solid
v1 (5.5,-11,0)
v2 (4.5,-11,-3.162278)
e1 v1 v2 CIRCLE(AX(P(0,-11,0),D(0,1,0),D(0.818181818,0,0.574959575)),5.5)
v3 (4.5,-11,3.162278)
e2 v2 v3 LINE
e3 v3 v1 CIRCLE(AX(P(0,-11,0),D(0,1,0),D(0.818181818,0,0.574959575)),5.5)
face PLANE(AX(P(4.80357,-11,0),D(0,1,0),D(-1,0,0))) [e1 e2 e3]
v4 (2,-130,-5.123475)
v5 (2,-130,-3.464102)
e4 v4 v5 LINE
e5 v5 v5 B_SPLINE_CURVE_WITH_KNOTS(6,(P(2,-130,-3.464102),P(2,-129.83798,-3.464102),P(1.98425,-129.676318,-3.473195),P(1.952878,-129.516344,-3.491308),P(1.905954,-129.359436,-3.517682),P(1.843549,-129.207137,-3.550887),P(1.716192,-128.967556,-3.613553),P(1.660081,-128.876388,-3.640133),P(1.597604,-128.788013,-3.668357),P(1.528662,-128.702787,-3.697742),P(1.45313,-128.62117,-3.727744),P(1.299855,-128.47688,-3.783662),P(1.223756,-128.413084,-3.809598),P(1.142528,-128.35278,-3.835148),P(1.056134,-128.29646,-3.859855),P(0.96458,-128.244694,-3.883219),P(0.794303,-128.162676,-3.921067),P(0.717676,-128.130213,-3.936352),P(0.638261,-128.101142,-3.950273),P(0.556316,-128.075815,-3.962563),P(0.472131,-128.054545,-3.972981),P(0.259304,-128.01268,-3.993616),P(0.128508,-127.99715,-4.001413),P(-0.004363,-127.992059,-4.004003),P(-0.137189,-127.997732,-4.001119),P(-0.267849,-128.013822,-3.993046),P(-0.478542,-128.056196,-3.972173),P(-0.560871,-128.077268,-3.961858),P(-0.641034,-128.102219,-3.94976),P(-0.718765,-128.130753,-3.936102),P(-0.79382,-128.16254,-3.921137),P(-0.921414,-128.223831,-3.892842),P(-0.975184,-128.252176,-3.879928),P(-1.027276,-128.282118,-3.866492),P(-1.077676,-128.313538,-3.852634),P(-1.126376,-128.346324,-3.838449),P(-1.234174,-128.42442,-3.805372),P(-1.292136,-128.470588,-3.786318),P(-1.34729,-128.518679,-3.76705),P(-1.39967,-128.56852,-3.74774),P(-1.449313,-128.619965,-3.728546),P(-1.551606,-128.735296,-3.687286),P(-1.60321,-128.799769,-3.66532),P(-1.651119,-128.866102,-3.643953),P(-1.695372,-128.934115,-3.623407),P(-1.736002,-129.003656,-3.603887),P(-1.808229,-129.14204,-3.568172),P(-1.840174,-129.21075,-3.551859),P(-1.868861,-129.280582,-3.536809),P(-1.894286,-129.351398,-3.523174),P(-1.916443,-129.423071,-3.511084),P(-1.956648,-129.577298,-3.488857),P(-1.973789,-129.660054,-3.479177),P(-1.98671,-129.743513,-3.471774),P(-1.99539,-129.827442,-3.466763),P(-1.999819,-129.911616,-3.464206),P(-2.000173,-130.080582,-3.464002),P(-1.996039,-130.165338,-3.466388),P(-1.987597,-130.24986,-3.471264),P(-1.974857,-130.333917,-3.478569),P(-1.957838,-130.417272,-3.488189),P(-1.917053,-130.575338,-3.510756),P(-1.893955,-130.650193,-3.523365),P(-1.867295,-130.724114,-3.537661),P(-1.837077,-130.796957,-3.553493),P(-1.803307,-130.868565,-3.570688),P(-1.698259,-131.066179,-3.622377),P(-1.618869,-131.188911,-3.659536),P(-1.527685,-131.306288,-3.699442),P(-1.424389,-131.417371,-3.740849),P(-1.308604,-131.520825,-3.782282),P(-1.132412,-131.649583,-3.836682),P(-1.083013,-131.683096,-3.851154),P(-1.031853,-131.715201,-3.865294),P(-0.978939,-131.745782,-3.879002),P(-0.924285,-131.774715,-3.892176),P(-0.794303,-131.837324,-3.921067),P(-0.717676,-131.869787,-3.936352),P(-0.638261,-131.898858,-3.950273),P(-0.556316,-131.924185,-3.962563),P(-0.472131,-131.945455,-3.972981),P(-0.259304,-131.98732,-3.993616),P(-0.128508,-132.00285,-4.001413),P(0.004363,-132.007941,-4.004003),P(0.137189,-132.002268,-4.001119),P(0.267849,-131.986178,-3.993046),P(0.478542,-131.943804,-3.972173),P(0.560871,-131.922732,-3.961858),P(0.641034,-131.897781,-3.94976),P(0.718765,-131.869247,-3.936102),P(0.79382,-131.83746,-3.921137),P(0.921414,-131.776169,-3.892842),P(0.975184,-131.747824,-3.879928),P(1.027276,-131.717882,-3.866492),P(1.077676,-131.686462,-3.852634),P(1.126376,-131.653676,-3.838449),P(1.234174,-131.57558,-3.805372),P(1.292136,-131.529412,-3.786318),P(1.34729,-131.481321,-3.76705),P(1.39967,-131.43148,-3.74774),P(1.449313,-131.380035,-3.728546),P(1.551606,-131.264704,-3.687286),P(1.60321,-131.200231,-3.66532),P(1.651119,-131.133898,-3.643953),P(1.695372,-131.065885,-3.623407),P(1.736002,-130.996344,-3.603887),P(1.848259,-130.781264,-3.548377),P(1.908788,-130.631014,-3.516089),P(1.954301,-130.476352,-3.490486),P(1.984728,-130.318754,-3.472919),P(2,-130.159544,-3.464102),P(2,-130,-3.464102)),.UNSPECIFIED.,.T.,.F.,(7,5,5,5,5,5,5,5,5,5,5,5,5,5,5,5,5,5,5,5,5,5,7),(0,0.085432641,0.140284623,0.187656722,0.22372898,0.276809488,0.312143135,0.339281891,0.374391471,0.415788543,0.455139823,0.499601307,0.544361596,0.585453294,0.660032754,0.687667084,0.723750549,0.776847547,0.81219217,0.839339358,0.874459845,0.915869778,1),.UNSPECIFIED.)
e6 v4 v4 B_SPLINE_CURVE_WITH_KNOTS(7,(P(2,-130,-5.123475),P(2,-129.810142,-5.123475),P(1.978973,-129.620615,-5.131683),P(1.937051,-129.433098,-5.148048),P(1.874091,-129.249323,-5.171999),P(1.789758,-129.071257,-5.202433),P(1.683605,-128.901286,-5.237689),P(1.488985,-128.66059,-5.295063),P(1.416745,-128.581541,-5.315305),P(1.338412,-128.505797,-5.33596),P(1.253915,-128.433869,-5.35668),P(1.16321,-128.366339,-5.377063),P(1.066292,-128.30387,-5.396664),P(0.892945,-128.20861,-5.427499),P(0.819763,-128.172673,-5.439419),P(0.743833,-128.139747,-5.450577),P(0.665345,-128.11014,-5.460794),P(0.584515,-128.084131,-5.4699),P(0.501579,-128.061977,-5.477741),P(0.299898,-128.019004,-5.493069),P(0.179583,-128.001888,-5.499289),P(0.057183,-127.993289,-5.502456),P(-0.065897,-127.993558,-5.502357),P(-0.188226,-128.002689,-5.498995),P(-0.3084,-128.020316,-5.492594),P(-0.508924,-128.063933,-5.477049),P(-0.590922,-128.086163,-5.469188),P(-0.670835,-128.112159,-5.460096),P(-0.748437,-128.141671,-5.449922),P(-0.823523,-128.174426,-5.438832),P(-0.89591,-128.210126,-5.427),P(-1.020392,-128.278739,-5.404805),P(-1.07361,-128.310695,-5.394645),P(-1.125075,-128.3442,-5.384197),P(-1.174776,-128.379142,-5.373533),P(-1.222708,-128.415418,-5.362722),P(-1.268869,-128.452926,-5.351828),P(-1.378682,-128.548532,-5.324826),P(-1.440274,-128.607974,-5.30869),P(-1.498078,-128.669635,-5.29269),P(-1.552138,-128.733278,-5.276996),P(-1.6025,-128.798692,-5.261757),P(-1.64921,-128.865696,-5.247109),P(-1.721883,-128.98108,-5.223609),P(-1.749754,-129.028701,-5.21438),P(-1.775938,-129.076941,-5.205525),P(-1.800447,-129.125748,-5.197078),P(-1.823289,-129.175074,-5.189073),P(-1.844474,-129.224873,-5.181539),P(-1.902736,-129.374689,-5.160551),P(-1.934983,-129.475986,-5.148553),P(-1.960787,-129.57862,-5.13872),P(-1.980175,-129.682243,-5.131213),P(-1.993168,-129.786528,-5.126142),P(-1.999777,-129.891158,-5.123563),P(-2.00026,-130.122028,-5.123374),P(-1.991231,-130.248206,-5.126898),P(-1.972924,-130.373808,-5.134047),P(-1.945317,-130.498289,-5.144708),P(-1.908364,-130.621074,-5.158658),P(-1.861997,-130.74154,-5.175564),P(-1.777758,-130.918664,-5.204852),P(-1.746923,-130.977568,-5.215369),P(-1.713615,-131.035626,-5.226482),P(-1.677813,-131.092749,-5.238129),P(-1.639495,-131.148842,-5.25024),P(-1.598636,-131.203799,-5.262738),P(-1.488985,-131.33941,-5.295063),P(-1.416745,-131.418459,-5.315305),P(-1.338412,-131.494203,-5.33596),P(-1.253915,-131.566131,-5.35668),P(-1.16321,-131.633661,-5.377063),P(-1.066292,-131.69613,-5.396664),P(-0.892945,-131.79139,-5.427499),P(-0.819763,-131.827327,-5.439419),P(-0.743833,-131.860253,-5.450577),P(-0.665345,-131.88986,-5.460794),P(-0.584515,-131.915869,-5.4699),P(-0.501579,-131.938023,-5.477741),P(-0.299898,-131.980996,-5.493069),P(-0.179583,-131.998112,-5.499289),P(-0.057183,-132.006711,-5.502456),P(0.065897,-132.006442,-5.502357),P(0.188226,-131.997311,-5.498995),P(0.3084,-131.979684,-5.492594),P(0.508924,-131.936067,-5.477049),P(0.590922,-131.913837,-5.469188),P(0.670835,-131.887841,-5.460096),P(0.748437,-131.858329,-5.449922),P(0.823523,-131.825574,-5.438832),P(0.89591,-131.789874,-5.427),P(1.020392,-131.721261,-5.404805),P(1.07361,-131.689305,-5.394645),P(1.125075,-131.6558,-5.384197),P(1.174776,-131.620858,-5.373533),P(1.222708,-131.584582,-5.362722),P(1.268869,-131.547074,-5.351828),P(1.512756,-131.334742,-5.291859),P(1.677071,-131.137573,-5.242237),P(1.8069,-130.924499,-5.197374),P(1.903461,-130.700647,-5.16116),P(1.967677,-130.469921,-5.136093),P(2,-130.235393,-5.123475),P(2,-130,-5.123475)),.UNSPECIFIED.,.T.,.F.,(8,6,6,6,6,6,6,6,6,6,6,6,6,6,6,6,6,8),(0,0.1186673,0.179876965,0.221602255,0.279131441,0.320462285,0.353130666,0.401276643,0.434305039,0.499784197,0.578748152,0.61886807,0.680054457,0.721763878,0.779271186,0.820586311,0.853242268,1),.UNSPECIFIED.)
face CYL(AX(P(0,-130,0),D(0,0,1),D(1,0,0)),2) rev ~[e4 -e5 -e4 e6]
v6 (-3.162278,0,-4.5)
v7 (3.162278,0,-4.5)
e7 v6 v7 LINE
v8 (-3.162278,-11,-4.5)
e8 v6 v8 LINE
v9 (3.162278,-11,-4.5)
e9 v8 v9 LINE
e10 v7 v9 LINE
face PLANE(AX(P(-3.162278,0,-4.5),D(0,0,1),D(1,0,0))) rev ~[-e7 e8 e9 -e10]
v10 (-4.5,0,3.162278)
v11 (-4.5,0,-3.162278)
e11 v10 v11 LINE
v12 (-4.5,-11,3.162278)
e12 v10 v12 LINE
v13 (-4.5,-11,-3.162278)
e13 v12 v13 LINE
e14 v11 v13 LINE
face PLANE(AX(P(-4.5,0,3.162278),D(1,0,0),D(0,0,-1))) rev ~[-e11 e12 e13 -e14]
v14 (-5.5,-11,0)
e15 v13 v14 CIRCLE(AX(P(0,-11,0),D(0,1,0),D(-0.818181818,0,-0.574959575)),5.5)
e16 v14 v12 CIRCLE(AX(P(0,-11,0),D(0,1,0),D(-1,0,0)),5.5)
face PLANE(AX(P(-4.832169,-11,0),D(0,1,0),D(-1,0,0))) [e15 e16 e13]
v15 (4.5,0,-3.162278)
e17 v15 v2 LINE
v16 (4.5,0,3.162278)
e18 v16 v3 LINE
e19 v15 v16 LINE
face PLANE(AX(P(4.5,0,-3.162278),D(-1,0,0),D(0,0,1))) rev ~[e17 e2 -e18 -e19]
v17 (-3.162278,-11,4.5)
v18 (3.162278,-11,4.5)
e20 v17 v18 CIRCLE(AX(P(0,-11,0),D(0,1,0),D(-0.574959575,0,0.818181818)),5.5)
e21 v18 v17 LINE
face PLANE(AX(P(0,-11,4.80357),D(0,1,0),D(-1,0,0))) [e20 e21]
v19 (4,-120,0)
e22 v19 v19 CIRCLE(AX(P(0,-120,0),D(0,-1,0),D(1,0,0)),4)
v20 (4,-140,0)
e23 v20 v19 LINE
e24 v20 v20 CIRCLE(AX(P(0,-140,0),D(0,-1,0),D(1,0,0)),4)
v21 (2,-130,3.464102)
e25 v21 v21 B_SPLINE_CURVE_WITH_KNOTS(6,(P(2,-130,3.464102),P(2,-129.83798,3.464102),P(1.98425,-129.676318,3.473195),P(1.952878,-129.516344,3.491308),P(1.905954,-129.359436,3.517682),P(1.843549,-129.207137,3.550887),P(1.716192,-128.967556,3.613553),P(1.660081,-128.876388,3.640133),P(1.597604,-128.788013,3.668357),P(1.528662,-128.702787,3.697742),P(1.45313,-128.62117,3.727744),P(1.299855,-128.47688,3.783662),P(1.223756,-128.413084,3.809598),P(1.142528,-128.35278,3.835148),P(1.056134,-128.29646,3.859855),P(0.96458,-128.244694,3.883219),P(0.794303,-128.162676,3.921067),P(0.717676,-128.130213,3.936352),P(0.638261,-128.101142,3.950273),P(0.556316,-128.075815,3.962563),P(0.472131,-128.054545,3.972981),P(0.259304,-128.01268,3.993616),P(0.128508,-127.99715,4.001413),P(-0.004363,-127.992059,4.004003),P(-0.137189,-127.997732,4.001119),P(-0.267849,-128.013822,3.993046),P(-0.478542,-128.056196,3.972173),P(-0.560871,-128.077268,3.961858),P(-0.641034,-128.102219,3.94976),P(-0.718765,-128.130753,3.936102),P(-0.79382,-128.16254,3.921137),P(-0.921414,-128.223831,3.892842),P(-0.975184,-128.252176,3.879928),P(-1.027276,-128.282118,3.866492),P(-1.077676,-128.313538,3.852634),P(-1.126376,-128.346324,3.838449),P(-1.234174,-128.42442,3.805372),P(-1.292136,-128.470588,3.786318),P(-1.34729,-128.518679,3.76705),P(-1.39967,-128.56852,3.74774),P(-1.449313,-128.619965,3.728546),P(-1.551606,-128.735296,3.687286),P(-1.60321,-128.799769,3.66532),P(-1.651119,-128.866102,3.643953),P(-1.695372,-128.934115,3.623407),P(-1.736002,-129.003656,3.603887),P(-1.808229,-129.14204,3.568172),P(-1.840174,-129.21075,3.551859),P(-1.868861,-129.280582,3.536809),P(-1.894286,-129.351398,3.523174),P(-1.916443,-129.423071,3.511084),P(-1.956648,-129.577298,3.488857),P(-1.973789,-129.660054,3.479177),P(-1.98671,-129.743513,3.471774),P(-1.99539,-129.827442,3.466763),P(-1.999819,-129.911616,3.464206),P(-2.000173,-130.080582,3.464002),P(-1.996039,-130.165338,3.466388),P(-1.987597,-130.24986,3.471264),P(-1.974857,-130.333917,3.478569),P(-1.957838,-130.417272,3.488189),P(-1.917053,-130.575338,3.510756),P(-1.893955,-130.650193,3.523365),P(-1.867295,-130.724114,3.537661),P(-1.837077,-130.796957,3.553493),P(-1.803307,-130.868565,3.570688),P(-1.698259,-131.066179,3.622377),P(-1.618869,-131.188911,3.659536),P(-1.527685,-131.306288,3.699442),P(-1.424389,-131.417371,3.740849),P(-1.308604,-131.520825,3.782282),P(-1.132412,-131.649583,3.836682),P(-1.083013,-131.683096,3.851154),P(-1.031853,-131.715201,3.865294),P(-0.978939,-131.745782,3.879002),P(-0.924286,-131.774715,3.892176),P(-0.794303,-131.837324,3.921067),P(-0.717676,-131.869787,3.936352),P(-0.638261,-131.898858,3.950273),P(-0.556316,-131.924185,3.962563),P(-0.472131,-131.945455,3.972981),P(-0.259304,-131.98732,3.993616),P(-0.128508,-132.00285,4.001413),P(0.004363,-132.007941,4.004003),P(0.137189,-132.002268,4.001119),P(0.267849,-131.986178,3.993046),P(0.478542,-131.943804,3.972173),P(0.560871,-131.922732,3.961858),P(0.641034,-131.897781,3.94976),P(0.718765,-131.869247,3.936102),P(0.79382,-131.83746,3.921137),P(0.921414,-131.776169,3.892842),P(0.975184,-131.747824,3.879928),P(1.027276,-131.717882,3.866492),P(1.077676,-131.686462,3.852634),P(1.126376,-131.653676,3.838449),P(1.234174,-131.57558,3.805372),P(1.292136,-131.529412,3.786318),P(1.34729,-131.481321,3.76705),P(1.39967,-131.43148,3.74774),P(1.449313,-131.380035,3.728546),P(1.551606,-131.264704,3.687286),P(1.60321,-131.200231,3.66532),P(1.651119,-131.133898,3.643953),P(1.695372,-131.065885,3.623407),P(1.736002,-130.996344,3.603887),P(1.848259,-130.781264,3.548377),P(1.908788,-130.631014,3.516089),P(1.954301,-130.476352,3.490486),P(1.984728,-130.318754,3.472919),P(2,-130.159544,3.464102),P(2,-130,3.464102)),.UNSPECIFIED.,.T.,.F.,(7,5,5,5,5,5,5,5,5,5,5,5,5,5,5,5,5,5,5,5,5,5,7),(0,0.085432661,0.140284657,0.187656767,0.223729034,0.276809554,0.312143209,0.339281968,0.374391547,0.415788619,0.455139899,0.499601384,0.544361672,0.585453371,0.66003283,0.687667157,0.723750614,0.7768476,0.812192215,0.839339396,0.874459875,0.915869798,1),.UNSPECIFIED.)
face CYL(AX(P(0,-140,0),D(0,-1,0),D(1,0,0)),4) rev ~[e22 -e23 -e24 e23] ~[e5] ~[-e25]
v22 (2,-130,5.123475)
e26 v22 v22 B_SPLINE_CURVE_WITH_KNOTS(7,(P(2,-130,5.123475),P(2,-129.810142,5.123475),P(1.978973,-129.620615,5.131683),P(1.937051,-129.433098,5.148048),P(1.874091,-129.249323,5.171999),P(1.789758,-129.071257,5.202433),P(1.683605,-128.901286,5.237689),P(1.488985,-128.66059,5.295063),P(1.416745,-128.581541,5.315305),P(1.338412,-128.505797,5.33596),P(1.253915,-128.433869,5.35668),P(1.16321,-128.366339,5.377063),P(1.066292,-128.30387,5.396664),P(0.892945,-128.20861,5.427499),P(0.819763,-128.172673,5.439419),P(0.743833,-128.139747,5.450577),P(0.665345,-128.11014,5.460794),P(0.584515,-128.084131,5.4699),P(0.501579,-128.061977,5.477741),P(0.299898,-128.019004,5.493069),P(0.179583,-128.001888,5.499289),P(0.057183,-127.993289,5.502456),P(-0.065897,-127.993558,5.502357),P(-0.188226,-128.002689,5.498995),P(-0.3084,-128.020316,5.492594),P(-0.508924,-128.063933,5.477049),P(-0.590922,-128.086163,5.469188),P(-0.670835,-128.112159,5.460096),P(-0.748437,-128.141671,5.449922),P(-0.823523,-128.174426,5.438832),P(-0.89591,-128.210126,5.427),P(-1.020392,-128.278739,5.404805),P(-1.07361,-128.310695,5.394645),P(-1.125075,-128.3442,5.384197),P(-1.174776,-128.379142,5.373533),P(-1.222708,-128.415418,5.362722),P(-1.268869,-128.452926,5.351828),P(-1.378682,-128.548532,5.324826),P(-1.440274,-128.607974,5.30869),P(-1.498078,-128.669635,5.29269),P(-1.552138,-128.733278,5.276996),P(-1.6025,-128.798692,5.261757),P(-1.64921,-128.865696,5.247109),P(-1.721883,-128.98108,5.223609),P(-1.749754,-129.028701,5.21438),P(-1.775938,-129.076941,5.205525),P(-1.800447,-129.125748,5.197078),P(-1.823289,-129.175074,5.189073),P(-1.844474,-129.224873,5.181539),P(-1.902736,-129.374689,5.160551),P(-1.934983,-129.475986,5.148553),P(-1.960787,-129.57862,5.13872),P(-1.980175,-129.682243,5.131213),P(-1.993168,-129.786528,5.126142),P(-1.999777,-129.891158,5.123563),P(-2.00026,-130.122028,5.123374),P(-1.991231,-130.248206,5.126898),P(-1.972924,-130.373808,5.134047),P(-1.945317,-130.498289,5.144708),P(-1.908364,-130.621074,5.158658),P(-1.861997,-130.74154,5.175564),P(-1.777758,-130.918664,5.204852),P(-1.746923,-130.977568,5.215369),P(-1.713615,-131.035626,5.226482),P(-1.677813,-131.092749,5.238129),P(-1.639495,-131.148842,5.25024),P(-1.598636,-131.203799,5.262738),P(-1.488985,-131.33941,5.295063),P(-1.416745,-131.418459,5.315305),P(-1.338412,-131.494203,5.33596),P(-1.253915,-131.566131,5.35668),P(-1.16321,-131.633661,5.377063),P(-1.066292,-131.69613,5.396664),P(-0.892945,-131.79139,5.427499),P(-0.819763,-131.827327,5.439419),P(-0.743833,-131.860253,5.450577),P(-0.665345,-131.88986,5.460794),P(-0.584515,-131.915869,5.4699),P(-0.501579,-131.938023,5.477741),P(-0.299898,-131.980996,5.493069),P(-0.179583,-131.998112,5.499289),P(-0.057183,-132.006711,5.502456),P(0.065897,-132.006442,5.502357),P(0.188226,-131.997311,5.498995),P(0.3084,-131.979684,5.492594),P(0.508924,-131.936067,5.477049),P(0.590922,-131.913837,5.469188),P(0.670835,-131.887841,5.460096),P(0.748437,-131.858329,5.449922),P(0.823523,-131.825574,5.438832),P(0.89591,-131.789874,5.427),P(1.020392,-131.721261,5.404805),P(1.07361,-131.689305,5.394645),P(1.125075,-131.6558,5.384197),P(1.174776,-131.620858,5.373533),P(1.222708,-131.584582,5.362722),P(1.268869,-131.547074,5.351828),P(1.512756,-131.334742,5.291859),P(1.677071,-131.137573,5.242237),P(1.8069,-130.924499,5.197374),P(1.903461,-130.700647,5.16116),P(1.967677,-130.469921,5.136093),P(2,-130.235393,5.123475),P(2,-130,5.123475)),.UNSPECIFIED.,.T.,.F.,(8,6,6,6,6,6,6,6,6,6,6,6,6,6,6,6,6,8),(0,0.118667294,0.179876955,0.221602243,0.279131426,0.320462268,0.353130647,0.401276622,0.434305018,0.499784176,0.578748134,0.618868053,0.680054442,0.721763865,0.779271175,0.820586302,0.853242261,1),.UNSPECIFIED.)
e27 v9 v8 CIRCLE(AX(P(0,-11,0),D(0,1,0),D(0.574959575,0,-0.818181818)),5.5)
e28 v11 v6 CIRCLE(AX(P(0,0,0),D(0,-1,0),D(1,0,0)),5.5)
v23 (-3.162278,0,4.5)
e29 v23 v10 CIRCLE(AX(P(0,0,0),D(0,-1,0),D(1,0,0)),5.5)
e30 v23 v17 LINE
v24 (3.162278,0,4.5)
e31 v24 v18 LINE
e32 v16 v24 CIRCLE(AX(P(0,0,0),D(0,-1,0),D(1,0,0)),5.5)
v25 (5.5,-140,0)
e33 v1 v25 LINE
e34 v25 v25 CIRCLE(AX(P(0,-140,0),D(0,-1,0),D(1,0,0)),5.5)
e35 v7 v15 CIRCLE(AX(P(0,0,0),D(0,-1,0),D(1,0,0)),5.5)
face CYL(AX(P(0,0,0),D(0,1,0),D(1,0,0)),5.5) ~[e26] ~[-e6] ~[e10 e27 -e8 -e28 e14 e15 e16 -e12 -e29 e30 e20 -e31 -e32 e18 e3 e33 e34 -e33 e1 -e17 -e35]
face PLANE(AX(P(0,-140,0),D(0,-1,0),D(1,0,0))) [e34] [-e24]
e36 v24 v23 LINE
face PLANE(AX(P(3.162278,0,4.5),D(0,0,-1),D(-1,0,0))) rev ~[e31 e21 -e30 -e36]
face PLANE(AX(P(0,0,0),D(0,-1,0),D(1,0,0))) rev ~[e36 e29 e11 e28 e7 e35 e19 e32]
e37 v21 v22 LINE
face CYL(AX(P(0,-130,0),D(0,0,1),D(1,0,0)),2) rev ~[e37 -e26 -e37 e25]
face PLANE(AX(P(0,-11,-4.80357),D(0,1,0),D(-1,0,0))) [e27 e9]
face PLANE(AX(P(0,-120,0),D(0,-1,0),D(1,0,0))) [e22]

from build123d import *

# Parameters (mm, degrees)
F0_R     = 5.5
F1_DEPTH = 140
F2_R     = 4
F3_DEPTH = 20
F5_DEPTH = 11
F6_R     = 2
F7_DEPTH = 12.5


with BuildPart() as f1:
    # F0 (on Front) → F1 (new body)
    with BuildSketch(Plane.XZ):
        Circle(F0_R)
    extrude(amount=F1_DEPTH)

    # F2 (on face) → F3 (cut)
    with BuildSketch(Plane.XZ.offset(140)):
        Circle(F2_R)
    extrude(amount=-F3_DEPTH, mode=Mode.SUBTRACT)

    # F4 (on face) → F5 (cut)
    with BuildSketch(Plane(origin=(0, 0, 0), x_dir=(-1, 0, 0), z_dir=(0, 1, 0))):
        with BuildLine():
            Line((4.5, 3.1622776602), (4.5, -3.1622776602))
            ThreePointArc((4.5, -3.1622776602), (5.2440442409, -1.6583123952), (5.5, 0))
            ThreePointArc((5.5, 0), (5.2440442409, 1.6583123952), (4.5, 3.1622776602))
        make_face()
        with BuildLine():
            ThreePointArc((3.1622776602, 4.5), (0, 5.5), (-3.1622776602, 4.5))
            Line((-3.1622776602, 4.5), (3.1622776602, 4.5))
        make_face()
        with BuildLine():
            ThreePointArc((-4.5, 3.1622776602), (-5.5, 0), (-4.5, -3.1622776602))
            Line((-4.5, -3.1622776602), (-4.5, 3.1622776602))
        make_face()
        with BuildLine():
            Line((3.1622776602, -4.5), (-3.1622776602, -4.5))
            ThreePointArc((-3.1622776602, -4.5), (0, -5.5), (3.1622776602, -4.5))
        make_face()
    extrude(amount=-F5_DEPTH, mode=Mode.SUBTRACT)

    # F6 (on Top) → F7 (cut, symmetric)
    with BuildSketch(Plane.XY):
        with Locations((0, -130)):
            Circle(F6_R)
    extrude(amount=F7_DEPTH, both=True, mode=Mode.SUBTRACT)


solid = f1.part
